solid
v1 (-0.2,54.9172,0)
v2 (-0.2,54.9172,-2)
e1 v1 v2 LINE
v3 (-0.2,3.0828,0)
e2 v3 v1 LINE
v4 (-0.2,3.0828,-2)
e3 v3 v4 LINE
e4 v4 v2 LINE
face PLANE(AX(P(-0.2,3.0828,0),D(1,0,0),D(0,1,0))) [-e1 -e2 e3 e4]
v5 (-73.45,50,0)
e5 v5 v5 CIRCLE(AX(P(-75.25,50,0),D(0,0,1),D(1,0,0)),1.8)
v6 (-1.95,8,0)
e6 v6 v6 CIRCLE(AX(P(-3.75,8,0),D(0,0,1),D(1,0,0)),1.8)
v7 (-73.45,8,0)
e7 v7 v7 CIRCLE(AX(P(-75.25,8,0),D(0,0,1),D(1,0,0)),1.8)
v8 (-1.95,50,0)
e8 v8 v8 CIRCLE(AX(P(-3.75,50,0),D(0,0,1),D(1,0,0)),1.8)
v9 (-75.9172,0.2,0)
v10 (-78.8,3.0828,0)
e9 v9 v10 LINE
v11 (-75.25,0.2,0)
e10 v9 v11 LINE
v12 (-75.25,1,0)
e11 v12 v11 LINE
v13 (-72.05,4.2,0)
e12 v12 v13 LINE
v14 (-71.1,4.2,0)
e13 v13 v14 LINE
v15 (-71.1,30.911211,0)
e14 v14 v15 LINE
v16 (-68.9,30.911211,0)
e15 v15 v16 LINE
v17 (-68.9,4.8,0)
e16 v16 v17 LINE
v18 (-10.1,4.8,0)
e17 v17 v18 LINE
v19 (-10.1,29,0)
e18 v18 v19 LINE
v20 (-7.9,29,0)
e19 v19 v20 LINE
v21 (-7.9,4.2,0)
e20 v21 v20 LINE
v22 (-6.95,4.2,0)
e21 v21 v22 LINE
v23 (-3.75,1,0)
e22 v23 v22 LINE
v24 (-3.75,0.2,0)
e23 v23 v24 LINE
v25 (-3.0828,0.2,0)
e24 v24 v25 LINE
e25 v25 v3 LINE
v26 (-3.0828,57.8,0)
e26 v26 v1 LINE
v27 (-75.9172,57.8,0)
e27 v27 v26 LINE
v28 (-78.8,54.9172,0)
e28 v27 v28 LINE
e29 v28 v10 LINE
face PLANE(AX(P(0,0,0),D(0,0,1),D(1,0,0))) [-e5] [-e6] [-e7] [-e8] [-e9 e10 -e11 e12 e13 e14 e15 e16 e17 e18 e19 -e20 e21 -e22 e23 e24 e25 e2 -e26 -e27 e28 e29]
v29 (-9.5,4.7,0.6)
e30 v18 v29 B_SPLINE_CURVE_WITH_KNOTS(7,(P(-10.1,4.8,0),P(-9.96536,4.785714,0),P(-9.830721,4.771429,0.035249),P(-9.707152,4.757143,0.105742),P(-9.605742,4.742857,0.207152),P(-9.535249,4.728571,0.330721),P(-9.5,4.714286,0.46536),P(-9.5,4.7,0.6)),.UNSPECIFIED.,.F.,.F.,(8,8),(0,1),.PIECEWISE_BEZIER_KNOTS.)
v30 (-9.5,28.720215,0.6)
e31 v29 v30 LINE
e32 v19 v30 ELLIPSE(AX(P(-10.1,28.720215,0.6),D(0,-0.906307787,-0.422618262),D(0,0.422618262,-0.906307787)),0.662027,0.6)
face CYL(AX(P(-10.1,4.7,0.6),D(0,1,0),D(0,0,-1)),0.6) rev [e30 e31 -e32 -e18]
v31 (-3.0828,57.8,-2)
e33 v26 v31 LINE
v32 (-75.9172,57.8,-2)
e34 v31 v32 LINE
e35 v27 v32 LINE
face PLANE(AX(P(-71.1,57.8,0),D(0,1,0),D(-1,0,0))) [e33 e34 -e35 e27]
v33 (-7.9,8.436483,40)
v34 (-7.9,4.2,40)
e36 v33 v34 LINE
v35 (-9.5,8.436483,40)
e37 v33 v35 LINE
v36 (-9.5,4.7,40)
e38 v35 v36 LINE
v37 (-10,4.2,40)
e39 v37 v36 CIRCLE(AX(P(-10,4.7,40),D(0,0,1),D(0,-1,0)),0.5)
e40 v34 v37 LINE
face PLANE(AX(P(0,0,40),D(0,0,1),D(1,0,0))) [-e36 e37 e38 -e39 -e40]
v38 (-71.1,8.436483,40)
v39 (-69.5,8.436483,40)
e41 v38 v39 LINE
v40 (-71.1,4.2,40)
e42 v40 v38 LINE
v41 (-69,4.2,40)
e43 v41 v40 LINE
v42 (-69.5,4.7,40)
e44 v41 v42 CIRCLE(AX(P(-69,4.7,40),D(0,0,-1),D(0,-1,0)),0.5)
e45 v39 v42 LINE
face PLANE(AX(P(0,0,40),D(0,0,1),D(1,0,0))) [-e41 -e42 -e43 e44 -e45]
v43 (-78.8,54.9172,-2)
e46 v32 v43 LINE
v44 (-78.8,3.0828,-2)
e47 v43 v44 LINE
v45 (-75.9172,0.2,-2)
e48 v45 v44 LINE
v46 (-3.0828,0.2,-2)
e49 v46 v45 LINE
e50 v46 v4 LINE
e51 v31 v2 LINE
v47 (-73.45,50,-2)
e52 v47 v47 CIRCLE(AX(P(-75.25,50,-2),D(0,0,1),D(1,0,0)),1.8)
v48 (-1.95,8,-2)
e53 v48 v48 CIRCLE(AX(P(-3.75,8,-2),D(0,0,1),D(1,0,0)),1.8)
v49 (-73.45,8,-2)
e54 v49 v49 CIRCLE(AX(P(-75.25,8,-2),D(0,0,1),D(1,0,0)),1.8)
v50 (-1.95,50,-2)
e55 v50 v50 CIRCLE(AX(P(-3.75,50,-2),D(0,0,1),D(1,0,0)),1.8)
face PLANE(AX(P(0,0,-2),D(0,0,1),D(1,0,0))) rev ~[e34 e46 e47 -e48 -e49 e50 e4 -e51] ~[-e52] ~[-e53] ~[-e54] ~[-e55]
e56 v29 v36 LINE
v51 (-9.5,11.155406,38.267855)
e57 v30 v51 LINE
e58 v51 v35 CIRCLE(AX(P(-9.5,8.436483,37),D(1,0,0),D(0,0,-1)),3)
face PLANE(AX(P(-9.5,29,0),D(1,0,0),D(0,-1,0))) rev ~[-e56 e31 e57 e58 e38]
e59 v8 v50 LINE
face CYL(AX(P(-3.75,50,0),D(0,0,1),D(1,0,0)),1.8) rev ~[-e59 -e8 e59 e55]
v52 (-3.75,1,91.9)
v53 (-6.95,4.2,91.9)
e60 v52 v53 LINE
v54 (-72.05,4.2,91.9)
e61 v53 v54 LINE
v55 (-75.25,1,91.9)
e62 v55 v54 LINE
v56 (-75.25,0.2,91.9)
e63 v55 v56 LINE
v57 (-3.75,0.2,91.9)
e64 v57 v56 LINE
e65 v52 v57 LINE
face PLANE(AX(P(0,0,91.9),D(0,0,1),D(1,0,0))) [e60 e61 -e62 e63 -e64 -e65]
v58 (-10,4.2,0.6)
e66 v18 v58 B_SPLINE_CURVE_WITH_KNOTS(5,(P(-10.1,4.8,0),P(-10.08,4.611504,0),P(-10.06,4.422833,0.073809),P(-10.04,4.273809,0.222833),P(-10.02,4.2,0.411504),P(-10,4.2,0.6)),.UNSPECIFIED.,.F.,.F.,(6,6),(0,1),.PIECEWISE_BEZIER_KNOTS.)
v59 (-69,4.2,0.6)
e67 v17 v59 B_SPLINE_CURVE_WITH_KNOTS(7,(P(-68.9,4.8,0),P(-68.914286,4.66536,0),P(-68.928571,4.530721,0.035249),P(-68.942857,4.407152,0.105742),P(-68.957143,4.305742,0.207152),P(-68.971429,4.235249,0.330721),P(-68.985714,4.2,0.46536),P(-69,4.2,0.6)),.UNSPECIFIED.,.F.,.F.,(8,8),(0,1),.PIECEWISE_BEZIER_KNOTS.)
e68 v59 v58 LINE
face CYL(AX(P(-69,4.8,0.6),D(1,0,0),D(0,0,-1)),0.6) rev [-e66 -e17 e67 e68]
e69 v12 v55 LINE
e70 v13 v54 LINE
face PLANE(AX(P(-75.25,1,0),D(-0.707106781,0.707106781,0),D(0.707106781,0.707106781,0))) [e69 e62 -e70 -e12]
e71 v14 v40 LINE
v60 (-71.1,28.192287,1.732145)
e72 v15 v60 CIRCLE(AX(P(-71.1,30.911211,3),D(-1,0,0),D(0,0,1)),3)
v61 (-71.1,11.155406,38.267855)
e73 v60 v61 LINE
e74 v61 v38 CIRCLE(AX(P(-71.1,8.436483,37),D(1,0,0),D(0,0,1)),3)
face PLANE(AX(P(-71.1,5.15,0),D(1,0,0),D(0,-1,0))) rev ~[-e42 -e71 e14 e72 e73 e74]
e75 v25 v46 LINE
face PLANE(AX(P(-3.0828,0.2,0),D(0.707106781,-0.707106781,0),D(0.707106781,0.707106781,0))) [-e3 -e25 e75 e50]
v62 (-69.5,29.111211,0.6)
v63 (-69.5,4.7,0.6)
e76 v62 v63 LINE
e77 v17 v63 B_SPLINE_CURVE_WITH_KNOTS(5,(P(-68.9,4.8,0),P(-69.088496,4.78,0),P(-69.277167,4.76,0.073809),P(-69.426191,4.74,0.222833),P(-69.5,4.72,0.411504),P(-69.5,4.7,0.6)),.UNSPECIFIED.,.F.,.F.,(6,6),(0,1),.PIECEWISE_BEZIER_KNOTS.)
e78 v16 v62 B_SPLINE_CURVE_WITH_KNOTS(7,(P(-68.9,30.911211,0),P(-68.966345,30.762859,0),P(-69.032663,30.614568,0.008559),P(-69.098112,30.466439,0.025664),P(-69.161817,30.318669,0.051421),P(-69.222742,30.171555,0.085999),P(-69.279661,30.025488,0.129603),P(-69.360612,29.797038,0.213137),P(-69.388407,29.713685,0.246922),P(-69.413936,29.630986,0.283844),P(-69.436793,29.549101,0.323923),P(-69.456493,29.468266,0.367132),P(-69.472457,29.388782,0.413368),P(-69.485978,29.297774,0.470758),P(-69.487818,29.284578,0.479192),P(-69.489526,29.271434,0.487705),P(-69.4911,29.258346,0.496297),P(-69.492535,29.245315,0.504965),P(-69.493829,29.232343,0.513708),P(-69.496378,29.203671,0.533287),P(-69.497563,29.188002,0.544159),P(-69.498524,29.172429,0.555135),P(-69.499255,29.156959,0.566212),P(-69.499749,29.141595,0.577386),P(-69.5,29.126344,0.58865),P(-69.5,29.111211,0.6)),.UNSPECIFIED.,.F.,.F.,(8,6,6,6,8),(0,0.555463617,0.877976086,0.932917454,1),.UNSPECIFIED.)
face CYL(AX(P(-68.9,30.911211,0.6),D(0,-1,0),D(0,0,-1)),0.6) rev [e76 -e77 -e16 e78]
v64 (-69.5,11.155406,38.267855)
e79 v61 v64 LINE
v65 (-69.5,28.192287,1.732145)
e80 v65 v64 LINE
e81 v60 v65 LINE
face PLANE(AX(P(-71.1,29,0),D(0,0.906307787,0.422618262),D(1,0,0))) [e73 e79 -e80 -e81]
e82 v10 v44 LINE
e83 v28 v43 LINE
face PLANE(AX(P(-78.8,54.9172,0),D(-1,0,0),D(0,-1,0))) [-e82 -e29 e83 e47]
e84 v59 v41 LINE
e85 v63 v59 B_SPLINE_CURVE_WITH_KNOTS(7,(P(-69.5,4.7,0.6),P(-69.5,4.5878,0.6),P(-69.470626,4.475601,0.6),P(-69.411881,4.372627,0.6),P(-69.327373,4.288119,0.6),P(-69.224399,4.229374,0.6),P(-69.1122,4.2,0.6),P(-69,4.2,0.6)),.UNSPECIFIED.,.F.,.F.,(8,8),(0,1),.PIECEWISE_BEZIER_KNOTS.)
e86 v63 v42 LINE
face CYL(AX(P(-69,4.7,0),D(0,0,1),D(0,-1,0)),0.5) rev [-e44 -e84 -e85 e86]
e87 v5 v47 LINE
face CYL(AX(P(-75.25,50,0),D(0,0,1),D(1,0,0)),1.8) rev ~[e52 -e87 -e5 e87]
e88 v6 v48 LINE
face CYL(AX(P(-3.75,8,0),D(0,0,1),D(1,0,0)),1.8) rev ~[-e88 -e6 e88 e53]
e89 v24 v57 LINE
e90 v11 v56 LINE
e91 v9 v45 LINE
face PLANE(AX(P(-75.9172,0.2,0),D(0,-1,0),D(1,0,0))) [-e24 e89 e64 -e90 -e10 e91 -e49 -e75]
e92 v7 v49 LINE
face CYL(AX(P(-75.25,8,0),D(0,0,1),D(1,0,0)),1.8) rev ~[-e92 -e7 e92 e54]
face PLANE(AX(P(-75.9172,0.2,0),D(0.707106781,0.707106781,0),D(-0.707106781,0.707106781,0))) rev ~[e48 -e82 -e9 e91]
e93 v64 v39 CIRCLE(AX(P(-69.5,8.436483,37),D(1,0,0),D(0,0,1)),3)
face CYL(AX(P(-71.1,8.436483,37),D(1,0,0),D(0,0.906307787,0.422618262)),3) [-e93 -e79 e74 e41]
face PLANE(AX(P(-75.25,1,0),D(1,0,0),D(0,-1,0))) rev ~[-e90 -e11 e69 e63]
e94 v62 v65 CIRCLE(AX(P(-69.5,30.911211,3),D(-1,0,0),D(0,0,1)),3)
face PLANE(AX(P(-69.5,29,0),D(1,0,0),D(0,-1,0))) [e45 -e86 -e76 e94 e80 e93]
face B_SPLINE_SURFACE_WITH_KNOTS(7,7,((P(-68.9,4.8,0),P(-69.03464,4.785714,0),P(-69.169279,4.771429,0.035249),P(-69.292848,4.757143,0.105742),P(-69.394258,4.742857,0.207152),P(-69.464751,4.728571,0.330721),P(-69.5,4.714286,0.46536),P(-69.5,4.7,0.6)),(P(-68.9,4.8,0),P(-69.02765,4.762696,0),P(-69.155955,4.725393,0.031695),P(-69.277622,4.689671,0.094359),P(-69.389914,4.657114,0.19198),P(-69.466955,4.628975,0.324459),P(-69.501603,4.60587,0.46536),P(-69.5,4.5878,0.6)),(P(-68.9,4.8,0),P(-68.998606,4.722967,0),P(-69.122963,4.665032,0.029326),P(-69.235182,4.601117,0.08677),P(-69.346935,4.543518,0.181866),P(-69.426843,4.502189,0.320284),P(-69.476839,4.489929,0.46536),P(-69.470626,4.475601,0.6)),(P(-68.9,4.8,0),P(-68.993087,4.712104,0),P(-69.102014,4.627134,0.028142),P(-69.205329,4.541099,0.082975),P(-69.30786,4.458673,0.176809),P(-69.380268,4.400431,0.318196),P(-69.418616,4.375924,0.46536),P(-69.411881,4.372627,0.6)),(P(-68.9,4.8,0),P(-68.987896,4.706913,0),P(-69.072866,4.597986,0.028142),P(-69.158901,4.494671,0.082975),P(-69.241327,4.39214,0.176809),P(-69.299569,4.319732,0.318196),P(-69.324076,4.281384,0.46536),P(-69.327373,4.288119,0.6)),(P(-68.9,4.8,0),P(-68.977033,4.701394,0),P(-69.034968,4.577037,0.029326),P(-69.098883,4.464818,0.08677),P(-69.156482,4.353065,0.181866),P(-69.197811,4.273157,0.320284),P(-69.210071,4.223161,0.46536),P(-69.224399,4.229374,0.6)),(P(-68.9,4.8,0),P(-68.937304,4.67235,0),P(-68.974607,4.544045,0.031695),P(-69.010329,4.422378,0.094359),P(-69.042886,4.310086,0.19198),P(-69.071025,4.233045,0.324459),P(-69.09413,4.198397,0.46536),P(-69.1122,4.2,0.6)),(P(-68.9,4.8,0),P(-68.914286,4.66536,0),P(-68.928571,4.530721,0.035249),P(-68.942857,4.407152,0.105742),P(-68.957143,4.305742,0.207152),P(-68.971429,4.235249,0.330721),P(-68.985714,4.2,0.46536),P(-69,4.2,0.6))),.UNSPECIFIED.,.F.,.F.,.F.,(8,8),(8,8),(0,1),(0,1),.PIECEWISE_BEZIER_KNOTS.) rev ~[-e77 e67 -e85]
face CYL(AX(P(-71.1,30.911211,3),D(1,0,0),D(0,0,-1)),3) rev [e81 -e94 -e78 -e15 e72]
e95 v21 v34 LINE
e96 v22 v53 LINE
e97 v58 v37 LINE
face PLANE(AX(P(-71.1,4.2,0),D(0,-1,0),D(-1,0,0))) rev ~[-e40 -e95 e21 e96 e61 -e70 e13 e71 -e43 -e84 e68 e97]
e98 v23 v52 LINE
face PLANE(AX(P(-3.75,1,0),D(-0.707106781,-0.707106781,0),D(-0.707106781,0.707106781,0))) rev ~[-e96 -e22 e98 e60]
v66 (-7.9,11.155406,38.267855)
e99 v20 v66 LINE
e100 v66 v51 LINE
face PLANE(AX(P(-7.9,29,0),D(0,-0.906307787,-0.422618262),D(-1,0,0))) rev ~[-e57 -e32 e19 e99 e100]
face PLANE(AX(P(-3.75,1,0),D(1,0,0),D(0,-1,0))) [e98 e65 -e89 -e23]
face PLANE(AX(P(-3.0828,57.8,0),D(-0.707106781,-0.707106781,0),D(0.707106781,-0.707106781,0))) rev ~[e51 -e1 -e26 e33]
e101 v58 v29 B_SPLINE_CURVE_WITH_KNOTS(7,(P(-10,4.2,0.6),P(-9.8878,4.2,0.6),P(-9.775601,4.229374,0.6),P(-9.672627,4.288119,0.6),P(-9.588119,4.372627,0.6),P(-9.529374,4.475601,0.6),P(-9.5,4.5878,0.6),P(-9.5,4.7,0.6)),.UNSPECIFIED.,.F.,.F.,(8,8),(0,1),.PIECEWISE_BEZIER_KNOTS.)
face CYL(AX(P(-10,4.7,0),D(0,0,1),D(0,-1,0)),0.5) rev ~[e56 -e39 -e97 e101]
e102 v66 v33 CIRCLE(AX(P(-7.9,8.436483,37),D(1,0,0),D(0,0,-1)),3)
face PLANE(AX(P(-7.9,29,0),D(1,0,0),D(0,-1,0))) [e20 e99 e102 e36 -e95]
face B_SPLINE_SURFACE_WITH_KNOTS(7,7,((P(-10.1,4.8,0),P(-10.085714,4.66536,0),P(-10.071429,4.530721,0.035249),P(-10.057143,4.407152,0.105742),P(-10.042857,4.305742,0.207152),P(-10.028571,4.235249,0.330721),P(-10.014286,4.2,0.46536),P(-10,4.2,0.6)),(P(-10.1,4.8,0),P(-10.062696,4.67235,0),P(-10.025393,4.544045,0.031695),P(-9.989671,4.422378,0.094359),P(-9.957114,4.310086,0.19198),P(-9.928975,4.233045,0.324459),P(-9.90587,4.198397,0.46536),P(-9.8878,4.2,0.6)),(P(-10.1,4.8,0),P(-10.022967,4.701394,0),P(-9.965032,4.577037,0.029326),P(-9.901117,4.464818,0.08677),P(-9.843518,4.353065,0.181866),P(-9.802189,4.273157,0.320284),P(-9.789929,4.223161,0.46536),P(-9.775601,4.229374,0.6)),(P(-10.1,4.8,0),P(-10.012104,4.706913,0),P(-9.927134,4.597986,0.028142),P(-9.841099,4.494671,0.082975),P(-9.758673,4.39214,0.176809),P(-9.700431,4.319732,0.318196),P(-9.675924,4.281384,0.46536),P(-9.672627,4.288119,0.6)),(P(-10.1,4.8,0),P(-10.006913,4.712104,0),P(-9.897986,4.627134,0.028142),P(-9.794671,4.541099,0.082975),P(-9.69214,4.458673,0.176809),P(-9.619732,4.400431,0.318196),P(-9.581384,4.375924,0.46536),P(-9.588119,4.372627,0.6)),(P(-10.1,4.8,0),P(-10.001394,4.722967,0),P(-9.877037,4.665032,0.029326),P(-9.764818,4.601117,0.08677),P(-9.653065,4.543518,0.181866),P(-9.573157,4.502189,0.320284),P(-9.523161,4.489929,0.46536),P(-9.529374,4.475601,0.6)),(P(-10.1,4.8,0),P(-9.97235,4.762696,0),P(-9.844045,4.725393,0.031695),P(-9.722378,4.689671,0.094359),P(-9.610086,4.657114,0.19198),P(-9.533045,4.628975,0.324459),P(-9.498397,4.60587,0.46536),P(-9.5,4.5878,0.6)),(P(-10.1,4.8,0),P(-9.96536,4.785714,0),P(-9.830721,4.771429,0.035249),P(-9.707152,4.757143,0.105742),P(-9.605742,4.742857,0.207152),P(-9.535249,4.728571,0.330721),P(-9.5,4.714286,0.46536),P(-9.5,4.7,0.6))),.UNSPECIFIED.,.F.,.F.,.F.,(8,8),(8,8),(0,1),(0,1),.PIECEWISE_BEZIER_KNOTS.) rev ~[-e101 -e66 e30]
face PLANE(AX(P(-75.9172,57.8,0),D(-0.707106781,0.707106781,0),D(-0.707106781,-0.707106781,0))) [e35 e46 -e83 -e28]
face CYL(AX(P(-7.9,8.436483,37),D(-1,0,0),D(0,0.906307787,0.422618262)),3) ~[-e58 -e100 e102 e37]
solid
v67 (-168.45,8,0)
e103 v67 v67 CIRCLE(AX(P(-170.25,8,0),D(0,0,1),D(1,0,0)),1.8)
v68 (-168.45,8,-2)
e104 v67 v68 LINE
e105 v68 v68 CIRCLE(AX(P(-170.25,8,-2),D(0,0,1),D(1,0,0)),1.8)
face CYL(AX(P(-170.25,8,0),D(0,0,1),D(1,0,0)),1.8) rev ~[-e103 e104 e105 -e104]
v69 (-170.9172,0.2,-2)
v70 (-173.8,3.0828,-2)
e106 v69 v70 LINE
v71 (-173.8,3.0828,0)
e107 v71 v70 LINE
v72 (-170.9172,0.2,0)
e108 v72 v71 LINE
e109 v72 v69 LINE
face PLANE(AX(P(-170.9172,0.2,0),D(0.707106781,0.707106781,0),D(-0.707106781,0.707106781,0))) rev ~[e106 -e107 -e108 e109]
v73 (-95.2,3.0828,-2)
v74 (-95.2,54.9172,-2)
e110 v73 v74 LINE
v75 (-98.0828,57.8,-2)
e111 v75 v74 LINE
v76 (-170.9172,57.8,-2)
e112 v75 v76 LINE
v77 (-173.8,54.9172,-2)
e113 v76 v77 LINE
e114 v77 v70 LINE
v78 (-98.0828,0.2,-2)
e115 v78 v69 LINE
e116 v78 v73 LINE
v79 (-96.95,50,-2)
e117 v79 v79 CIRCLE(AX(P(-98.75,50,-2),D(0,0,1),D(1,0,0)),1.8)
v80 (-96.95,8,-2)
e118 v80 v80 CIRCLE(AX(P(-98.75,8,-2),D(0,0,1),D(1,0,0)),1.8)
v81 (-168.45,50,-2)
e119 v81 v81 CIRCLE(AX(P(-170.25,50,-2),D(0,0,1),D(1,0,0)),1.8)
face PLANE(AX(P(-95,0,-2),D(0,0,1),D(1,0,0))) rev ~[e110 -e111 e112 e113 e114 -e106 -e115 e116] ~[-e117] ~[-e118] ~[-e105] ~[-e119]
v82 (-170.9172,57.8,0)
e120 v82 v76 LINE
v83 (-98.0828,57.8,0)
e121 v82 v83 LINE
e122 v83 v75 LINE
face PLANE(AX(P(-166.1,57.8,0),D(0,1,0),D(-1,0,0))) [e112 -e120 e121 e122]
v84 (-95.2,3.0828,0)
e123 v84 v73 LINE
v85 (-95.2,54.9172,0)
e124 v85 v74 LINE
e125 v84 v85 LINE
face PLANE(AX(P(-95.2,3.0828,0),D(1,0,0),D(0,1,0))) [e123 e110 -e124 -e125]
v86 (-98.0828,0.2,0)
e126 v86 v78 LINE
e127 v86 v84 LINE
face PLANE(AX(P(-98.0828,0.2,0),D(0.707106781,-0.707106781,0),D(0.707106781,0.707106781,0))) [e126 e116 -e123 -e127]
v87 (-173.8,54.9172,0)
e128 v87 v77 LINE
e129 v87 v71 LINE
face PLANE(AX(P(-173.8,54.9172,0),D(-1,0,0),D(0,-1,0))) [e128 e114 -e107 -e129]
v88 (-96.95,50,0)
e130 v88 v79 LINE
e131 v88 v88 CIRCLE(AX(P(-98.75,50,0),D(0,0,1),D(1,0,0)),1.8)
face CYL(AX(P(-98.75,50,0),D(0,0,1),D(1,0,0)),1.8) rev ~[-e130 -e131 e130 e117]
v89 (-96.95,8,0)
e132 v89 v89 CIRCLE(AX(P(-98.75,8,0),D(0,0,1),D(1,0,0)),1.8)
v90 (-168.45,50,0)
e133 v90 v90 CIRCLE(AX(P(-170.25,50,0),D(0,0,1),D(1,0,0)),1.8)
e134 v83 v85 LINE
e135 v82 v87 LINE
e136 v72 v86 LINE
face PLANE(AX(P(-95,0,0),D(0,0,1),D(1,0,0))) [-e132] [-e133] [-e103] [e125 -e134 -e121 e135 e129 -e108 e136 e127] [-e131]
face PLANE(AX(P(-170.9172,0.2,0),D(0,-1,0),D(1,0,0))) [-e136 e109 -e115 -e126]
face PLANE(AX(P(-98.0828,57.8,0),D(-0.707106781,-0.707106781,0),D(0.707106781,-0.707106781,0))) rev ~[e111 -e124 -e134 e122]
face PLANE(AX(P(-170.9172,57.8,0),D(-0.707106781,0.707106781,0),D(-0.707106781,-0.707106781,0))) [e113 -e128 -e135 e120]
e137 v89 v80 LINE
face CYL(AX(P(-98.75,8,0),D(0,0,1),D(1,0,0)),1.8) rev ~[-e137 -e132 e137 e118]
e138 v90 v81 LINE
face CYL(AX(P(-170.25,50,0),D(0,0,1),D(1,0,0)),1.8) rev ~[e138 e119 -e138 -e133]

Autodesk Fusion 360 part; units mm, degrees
sketch "Sketch1" plane through (0, 0, 0) normal (0, 0, 1) x (1, 0, 0)
  circle A0 centre (-75.25, 8) radius 1.4
  circle A1 centre (-75.25, 8) radius 2.5
  line L0 (-3.75, 1) -> (-3.75, 8) construction
  line L1 (-7.5, 29) -> (0, 29) construction
  line L2 (-7.5, 0) -> (-71.5, 0)
  line L3 (-75.25, 1) -> (-71.5, 4.75)
  line L4 (-7.5, 0) -> (-7.5, 58)
  circle A2 centre (-75.25, 50) radius 2.5
  line L5 (-79, 55) -> (-79, 3)
  line L6 (-7.5, 0) -> (-3, 0)
  line L7 (-7.5, 58) -> (-3, 58)
  line L8 (-3.75, 0) -> (-3.75, 1)
  circle A3 centre (-3.75, 50) radius 1.4
  line L9 (-3, 58) -> (0, 55)
  line L10 (-76, 58) -> (-79, 55)
  line L11 (-75.25, 0) -> (-75.25, 1)
  circle A4 centre (-3.75, 8) radius 1.4
  line L12 (-7.5, 0) -> (-7.5, 58)
  line L13 (-7.5, 58) -> (-76, 58)
  circle A5 centre (-3.75, 8) radius 2.5
  line L14 (-71.5, 58) -> (-71.5, 0)
  line L15 (-3.75, 1) -> (-7.5, 4.75)
  line L16 (-76, 0) -> (-71.5, 0)
  line L17 (0, 3) -> (0, 55)
  line L18 (-76, 0) -> (-79, 3)
  line L19 (-39.5, 0) -> (-39.5, 27) construction
  circle A6 centre (-3.75, 50) radius 2.5
  circle A7 centre (-75.25, 50) radius 1.4
  line L20 (-3, 0) -> (0, 3)
  point P0 (-79, 0)
  point P1 (7.1, -7)
  point P2 (0, 58)
  dimension "d1" = 7.5
  dimension "d2" = 3
  dimension "d3" = 3
  dimension "d4" = 135
  dimension "d5" = 1
  dimension "d6" = 5
  dimension "d7" = 2.8
  dimension "d8" = 3
  dimension "d9" = 3
  dimension "d10" = 3
  dimension "d11" = 3
  dimension "d12" = 8
  dimension "d13" = 7.5
  dimension "d14" = 64
  dimension "d15" = 3.75
  dimension "d16" = 3
  dimension "d17" = 3
sketch "Sketch2" plane through (0, 0, 0) normal (0, 0, 1) x (1, 0, 0)
  line L0 (-7.5, 58) -> (-76, 58) construction
  line L1 (-76, 58) -> (-79, 55)
  line L2 (-79, 55) -> (-79, 3)
  line L3 (-76, 0) -> (-79, 3)
  line L4 (-76, 0) -> (-71.5, 0)
  line L5 (-7.5, 0) -> (-3, 0)
  line L6 (-3, 0) -> (0, 3)
  line L7 (-3, 58) -> (0, 55)
  line L8 (-7.5, 58) -> (-3, 58) construction
  line L9 (0, 3) -> (0, 55)
  line L10 (-7.5, 0) -> (-71.5, 0)
  line L11 (-7.5, 57.8) -> (-75.9172, 57.8)
  line L12 (-75.9172, 57.8) -> (-78.8, 54.9172)
  line L13 (-78.8, 54.9172) -> (-78.8, 3.0828)
  line L14 (-75.9172, 0.2) -> (-78.8, 3.0828)
  line L15 (-75.9172, 0.2) -> (-71.5, 0.2)
  line L16 (-7.5, 0.2) -> (-71.5, 0.2)
  line L17 (-7.5, 0.2) -> (-3.0828, 0.2)
  line L18 (-3.0828, 0.2) -> (-0.2, 3.0828)
  line L19 (-0.2, 3.0828) -> (-0.2, 54.9172)
  line L20 (-3.0828, 57.8) -> (-0.2, 54.9172)
  line L21 (-7.5, 57.8) -> (-3.0828, 57.8)
  dimension "d19" = -0.2
sketch "Sketch3" plane through (0, 0, 0) normal (0, 0, 1) x (1, 0, 0)
  line L0 (-71.5, 58) -> (-71.5, 0) construction
  line L1 (-7.5, 0) -> (-7.5, 58) construction
  line L2 (-78.8, 54.9172) -> (-78.8, 3.0828)
  line L3 (-75.9172, 0.2) -> (-78.8, 3.0828)
  line L4 (-75.9172, 0.2) -> (-71.5, 0.2)
  line L5 (-7.5, 0.2) -> (-71.5, 0.2)
  line L6 (-7.5, 0.2) -> (-3.0828, 0.2)
  line L7 (-3.0828, 0.2) -> (-0.2, 3.0828)
  line L8 (-0.2, 3.0828) -> (-0.2, 54.9172)
  line L9 (-3.0828, 57.8) -> (-0.2, 54.9172)
  line L10 (-7.5, 57.8) -> (-3.0828, 57.8)
  line L11 (-7.5, 57.8) -> (-75.9172, 57.8)
  line L12 (-75.9172, 57.8) -> (-78.8, 54.9172)
  line L13 (-71.1, 58) -> (-71.1, 0)
  line L14 (-39.5, 0.2) -> (-39.5, 13) construction
  line L15 (-7.9, 58) -> (-7.9, 0)
  circle A0 centre (-75.25, 50) radius 1.4 construction
  circle A1 centre (-75.25, 8) radius 1.4 construction
  circle A2 centre (-75.25, 50) radius 1.8
  circle A3 centre (-75.25, 8) radius 1.8
  circle A4 centre (-3.75, 8) radius 1.8
  circle A5 centre (-3.75, 50) radius 1.8
  line L16 (-69.5, 58) -> (-69.5, 0)
  line L17 (-9.5, 58) -> (-9.5, 0)
  line L18 (-9.5, 4.2) -> (-69.5, 4.2)
  line L19 (-75.25, 0) -> (-75.25, 1) construction
  line L20 (-75.25, 1) -> (-71.5, 4.75) construction
  line L21 (-75.25, 1) -> (-71.1, 5.15)
  line L22 (-75.25, 1) -> (-75.25, 0.2)
  line L23 (-3.75, 1) -> (-3.75, 0.2)
  line L24 (-3.75, 1) -> (-7.9, 5.15)
  line L25 (-69.5, 4.2) -> (-72.05, 4.2)
  line L26 (-9.5, 4.2) -> (-6.95, 4.2)
  line L27 (-7.9, 29) -> (-9.5, 29)
  line L28 (-71.1, 29) -> (-69.5, 29)
  dimension "d20" = -0.4
  dimension "d21" = 3.6
  dimension "d22" = 3.6
  dimension "d23" = -2
  dimension "d31" = 4
extrude "Extrude1" add sketch "Sketch3" against normal blind 2 makes body 1 in component "Panel Template"
extrude "Extrude1'" add sketch "Sketch3" against normal blind 2 separate body makes body 2 in component "Tray Template"
extrude "Extrude2" add sketch "Sketch3" along normal blind 91.9 contours L4 L5 L13 L21 L22 L25 | L5 L13 L16 L25 | L5 L16 L17 L18 | L5 L15 L17 L26 | L5 L6 L15 L23 L24 L26 bodies 2 in component "Tray Template"
extrude "Extrude3" add sketch "Sketch3" along normal blind 40 contours L13 L16 L25 L28 | L15 L17 L26 L27 bodies 2 in component "Tray Template"
draft "Draft1" angle 25 neutral plane through (0, 0, 0) pull (0, 0, 1) 2 faces at (-8.4333, 29, 13.3333) (-70.5667, 29, 13.3333) on bodies 2 in component "Tray Template"
fillet "Fillet1" radius 3 3 edges at (-8.7, 10.3477, 40) (-70.3, 10.3477, 40) (-70.3, 29, 0) on bodies 2 in component "Tray Template"
fillet "Fillet2" radius 0.5 2 edges at (-9.5, 4.2, 20) (-69.5, 4.2, 20) on bodies 2 in component "Tray Template"
fillet "Fillet3" radius 0.6 5 edges at (-69.5, 17.8056, 0) (-69.3536, 4.3464, 0) (-39.5, 4.2, 0) (-9.6464, 4.3464, 0) (-9.5, 16.85, 0) on bodies 2 in component "Tray Template"
component "Panel Template" placed x (1, 0, 0) y (0, 1, 0) z (0, 0, 1) at (-95, 0, 0)
component "Tray Template" placed x (1, 0, 0) y (0, 1, 0) z (0, 0, 1) at (0, 0, 0)
equation "d22 = d21"
